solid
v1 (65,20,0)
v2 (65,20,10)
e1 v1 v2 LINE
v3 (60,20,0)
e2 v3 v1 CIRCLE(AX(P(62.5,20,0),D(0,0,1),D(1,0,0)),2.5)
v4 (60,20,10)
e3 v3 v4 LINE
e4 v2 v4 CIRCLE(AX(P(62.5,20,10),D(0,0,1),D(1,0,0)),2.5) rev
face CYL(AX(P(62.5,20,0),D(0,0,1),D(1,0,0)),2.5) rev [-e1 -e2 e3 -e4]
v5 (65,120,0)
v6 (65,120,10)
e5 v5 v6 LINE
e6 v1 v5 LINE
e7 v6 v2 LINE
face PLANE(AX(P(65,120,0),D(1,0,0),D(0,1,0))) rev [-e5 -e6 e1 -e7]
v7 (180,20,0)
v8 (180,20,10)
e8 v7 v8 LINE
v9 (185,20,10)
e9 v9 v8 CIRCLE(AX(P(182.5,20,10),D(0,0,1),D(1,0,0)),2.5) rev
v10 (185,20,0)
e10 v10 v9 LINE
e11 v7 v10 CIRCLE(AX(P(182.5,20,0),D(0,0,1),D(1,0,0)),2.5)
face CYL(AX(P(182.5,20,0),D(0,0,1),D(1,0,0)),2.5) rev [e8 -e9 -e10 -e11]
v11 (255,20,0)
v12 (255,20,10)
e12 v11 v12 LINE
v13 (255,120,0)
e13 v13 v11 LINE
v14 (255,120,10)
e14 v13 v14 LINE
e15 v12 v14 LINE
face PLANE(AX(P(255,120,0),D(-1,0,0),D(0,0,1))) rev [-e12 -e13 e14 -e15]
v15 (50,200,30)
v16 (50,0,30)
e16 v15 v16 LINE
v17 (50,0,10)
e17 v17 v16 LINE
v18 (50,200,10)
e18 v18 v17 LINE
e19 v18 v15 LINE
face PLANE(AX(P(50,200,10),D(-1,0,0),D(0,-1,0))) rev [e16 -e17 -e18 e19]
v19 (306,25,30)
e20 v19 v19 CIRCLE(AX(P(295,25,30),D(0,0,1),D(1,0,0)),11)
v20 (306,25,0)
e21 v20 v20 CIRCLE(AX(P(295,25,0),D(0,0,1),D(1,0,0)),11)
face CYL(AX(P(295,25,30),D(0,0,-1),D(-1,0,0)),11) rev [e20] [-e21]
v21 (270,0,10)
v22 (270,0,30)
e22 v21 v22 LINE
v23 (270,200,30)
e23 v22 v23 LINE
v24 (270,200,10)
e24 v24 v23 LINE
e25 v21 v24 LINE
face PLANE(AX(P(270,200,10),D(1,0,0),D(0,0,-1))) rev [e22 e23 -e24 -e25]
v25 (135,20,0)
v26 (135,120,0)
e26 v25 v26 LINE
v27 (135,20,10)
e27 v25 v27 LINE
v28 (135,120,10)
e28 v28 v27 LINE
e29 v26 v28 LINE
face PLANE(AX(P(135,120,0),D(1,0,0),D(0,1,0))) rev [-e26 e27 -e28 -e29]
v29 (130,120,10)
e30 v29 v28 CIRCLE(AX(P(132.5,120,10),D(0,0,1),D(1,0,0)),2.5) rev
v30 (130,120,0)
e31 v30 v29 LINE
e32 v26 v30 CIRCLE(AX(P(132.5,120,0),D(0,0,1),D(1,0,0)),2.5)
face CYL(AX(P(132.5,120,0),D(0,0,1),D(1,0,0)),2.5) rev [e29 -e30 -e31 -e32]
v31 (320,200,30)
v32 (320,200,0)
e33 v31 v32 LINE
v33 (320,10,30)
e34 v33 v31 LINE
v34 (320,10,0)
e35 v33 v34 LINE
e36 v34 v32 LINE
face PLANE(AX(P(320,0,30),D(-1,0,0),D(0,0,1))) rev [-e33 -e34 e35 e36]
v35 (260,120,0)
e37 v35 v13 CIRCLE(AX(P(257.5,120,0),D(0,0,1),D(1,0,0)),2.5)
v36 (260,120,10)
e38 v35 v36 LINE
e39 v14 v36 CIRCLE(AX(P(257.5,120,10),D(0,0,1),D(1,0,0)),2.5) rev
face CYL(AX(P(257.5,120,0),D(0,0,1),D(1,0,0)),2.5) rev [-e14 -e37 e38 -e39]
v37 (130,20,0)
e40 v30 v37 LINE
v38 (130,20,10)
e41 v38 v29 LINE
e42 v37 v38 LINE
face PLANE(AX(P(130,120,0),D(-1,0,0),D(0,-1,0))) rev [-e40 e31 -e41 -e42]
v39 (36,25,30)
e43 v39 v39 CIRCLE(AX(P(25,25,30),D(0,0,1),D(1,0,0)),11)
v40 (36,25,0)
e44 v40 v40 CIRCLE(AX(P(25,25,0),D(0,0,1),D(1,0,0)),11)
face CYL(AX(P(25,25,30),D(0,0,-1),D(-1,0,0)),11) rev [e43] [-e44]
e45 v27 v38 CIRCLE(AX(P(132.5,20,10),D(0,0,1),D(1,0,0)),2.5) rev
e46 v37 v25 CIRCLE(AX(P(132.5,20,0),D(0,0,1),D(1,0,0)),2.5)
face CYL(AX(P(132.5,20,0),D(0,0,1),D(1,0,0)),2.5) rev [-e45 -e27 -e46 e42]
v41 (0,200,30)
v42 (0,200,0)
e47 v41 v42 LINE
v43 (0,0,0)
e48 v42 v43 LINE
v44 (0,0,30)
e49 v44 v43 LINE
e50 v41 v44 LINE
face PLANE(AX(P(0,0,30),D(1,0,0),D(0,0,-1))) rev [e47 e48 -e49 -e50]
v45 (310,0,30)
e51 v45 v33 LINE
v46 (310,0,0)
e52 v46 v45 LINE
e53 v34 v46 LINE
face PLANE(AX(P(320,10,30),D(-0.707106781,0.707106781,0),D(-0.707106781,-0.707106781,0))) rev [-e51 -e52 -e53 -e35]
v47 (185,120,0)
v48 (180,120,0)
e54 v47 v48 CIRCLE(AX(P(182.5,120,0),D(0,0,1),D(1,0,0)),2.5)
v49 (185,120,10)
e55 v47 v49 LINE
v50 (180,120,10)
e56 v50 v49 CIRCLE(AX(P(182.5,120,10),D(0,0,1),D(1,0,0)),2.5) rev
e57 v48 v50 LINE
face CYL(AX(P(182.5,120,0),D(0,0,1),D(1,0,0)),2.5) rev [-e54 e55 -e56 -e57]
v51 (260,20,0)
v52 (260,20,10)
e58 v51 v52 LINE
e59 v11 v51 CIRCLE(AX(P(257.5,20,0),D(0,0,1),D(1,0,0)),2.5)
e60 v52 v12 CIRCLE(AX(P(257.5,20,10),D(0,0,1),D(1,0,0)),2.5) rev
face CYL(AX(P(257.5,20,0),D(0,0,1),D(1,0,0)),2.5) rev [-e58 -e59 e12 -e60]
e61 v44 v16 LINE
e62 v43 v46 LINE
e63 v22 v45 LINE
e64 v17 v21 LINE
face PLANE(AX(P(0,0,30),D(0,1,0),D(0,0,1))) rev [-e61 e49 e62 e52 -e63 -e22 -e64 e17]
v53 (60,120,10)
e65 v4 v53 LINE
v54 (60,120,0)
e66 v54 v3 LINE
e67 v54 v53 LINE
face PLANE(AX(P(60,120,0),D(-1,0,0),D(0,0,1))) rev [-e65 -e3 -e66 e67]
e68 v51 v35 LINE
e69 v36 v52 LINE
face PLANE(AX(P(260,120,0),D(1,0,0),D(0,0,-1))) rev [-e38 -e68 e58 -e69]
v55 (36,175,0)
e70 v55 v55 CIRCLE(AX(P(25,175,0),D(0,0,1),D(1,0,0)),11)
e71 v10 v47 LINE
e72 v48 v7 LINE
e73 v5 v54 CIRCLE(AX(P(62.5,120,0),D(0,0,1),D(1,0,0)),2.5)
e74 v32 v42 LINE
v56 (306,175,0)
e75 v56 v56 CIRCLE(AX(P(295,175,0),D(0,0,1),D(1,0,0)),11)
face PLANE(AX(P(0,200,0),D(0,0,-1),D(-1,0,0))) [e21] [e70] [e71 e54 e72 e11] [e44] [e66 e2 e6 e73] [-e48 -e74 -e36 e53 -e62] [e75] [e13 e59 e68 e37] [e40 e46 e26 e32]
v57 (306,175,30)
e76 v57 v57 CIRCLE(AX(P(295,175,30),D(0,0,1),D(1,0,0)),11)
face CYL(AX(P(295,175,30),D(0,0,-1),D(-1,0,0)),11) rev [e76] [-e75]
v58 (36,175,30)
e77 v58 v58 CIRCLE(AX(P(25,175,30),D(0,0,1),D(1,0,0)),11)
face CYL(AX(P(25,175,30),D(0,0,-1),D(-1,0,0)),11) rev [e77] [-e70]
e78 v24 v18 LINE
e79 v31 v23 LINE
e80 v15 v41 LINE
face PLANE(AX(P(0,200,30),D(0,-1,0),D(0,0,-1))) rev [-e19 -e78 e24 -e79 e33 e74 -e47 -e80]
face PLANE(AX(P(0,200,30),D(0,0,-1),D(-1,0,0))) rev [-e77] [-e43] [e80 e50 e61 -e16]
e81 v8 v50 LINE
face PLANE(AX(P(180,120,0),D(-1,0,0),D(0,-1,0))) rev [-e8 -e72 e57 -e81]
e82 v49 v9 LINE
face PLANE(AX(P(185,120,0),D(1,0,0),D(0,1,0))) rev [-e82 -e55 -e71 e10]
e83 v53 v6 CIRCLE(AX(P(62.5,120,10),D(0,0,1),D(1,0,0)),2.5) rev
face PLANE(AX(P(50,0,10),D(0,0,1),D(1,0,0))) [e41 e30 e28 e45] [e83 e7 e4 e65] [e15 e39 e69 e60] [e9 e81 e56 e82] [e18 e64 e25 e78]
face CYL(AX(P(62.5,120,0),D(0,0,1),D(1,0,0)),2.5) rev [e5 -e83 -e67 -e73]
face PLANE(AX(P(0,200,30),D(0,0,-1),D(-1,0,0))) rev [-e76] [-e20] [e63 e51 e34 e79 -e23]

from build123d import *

# Parameters (mm, degrees)
SKETCH1_W           = 320
SKETCH1_H           = 200
SKETCH1_R           = 11
BOSS_EXTRUDE1_DEPTH = 30
CUT_EXTRUDE1_DEPTH  = 379.549864615
SKETCH4_W           = 220
SKETCH4_H           = 200
CUT_EXTRUDE2_DEPTH  = 20
CHAMFER1_SIZE       = 10


with BuildPart() as part:
    # Sketch1 → Boss-Extrude1 (new body)
    with BuildSketch(Plane.XY):
        with Locations((160, 100)):
            Rectangle(SKETCH1_W, SKETCH1_H)
        with Locations((25, 175)):
            Circle(SKETCH1_R, mode=Mode.SUBTRACT)
        with Locations((295, 175)):
            Circle(SKETCH1_R, mode=Mode.SUBTRACT)
        with Locations((25, 25)):
            Circle(SKETCH1_R, mode=Mode.SUBTRACT)
        with Locations((295, 25)):
            Circle(SKETCH1_R, mode=Mode.SUBTRACT)
    extrude(amount=BOSS_EXTRUDE1_DEPTH)

    # Sketch2 → Cut-Extrude1 (cut, through all)
    with BuildSketch(Plane.XY.offset(30)):
        with BuildLine():
            Line((260, 120), (260, 20))
            ThreePointArc((260, 20), (257.5, 17.5), (255, 20))
            Line((255, 20), (255, 120))
            ThreePointArc((255, 120), (257.5, 122.5), (260, 120))
        make_face()
        with BuildLine():
            Line((185, 120), (185, 20))
            ThreePointArc((185, 20), (182.5, 17.5), (180, 20))
            Line((180, 20), (180, 120))
            ThreePointArc((180, 120), (182.5, 122.5), (185, 120))
        make_face()
        with BuildLine():
            Line((65, 120), (65, 20))
            ThreePointArc((65, 20), (62.5, 17.5), (60, 20))
            Line((60, 20), (60, 120))
            ThreePointArc((60, 120), (62.5, 122.5), (65, 120))
        make_face()
        with BuildLine():
            Line((135, 120), (135, 20))
            ThreePointArc((135, 20), (132.5, 17.5), (130, 20))
            Line((130, 20), (130, 120))
            ThreePointArc((130, 120), (132.5, 122.5), (135, 120))
        make_face()
    extrude(amount=-CUT_EXTRUDE1_DEPTH, mode=Mode.SUBTRACT)

    # Sketch4 → Cut-Extrude2 (cut)
    with BuildSketch(Plane.XY.offset(30)):
        with Locations((160, 100)):
            Rectangle(SKETCH4_W, SKETCH4_H)
    extrude(amount=-CUT_EXTRUDE2_DEPTH, mode=Mode.SUBTRACT)

    # Chamfer1
    chamfer1_edges = [part.edges().sort_by_distance(p)[0] for p in [
        (320, 0, 15),
    ]]
    chamfer(chamfer1_edges, length=CHAMFER1_SIZE)


solid = part.part
